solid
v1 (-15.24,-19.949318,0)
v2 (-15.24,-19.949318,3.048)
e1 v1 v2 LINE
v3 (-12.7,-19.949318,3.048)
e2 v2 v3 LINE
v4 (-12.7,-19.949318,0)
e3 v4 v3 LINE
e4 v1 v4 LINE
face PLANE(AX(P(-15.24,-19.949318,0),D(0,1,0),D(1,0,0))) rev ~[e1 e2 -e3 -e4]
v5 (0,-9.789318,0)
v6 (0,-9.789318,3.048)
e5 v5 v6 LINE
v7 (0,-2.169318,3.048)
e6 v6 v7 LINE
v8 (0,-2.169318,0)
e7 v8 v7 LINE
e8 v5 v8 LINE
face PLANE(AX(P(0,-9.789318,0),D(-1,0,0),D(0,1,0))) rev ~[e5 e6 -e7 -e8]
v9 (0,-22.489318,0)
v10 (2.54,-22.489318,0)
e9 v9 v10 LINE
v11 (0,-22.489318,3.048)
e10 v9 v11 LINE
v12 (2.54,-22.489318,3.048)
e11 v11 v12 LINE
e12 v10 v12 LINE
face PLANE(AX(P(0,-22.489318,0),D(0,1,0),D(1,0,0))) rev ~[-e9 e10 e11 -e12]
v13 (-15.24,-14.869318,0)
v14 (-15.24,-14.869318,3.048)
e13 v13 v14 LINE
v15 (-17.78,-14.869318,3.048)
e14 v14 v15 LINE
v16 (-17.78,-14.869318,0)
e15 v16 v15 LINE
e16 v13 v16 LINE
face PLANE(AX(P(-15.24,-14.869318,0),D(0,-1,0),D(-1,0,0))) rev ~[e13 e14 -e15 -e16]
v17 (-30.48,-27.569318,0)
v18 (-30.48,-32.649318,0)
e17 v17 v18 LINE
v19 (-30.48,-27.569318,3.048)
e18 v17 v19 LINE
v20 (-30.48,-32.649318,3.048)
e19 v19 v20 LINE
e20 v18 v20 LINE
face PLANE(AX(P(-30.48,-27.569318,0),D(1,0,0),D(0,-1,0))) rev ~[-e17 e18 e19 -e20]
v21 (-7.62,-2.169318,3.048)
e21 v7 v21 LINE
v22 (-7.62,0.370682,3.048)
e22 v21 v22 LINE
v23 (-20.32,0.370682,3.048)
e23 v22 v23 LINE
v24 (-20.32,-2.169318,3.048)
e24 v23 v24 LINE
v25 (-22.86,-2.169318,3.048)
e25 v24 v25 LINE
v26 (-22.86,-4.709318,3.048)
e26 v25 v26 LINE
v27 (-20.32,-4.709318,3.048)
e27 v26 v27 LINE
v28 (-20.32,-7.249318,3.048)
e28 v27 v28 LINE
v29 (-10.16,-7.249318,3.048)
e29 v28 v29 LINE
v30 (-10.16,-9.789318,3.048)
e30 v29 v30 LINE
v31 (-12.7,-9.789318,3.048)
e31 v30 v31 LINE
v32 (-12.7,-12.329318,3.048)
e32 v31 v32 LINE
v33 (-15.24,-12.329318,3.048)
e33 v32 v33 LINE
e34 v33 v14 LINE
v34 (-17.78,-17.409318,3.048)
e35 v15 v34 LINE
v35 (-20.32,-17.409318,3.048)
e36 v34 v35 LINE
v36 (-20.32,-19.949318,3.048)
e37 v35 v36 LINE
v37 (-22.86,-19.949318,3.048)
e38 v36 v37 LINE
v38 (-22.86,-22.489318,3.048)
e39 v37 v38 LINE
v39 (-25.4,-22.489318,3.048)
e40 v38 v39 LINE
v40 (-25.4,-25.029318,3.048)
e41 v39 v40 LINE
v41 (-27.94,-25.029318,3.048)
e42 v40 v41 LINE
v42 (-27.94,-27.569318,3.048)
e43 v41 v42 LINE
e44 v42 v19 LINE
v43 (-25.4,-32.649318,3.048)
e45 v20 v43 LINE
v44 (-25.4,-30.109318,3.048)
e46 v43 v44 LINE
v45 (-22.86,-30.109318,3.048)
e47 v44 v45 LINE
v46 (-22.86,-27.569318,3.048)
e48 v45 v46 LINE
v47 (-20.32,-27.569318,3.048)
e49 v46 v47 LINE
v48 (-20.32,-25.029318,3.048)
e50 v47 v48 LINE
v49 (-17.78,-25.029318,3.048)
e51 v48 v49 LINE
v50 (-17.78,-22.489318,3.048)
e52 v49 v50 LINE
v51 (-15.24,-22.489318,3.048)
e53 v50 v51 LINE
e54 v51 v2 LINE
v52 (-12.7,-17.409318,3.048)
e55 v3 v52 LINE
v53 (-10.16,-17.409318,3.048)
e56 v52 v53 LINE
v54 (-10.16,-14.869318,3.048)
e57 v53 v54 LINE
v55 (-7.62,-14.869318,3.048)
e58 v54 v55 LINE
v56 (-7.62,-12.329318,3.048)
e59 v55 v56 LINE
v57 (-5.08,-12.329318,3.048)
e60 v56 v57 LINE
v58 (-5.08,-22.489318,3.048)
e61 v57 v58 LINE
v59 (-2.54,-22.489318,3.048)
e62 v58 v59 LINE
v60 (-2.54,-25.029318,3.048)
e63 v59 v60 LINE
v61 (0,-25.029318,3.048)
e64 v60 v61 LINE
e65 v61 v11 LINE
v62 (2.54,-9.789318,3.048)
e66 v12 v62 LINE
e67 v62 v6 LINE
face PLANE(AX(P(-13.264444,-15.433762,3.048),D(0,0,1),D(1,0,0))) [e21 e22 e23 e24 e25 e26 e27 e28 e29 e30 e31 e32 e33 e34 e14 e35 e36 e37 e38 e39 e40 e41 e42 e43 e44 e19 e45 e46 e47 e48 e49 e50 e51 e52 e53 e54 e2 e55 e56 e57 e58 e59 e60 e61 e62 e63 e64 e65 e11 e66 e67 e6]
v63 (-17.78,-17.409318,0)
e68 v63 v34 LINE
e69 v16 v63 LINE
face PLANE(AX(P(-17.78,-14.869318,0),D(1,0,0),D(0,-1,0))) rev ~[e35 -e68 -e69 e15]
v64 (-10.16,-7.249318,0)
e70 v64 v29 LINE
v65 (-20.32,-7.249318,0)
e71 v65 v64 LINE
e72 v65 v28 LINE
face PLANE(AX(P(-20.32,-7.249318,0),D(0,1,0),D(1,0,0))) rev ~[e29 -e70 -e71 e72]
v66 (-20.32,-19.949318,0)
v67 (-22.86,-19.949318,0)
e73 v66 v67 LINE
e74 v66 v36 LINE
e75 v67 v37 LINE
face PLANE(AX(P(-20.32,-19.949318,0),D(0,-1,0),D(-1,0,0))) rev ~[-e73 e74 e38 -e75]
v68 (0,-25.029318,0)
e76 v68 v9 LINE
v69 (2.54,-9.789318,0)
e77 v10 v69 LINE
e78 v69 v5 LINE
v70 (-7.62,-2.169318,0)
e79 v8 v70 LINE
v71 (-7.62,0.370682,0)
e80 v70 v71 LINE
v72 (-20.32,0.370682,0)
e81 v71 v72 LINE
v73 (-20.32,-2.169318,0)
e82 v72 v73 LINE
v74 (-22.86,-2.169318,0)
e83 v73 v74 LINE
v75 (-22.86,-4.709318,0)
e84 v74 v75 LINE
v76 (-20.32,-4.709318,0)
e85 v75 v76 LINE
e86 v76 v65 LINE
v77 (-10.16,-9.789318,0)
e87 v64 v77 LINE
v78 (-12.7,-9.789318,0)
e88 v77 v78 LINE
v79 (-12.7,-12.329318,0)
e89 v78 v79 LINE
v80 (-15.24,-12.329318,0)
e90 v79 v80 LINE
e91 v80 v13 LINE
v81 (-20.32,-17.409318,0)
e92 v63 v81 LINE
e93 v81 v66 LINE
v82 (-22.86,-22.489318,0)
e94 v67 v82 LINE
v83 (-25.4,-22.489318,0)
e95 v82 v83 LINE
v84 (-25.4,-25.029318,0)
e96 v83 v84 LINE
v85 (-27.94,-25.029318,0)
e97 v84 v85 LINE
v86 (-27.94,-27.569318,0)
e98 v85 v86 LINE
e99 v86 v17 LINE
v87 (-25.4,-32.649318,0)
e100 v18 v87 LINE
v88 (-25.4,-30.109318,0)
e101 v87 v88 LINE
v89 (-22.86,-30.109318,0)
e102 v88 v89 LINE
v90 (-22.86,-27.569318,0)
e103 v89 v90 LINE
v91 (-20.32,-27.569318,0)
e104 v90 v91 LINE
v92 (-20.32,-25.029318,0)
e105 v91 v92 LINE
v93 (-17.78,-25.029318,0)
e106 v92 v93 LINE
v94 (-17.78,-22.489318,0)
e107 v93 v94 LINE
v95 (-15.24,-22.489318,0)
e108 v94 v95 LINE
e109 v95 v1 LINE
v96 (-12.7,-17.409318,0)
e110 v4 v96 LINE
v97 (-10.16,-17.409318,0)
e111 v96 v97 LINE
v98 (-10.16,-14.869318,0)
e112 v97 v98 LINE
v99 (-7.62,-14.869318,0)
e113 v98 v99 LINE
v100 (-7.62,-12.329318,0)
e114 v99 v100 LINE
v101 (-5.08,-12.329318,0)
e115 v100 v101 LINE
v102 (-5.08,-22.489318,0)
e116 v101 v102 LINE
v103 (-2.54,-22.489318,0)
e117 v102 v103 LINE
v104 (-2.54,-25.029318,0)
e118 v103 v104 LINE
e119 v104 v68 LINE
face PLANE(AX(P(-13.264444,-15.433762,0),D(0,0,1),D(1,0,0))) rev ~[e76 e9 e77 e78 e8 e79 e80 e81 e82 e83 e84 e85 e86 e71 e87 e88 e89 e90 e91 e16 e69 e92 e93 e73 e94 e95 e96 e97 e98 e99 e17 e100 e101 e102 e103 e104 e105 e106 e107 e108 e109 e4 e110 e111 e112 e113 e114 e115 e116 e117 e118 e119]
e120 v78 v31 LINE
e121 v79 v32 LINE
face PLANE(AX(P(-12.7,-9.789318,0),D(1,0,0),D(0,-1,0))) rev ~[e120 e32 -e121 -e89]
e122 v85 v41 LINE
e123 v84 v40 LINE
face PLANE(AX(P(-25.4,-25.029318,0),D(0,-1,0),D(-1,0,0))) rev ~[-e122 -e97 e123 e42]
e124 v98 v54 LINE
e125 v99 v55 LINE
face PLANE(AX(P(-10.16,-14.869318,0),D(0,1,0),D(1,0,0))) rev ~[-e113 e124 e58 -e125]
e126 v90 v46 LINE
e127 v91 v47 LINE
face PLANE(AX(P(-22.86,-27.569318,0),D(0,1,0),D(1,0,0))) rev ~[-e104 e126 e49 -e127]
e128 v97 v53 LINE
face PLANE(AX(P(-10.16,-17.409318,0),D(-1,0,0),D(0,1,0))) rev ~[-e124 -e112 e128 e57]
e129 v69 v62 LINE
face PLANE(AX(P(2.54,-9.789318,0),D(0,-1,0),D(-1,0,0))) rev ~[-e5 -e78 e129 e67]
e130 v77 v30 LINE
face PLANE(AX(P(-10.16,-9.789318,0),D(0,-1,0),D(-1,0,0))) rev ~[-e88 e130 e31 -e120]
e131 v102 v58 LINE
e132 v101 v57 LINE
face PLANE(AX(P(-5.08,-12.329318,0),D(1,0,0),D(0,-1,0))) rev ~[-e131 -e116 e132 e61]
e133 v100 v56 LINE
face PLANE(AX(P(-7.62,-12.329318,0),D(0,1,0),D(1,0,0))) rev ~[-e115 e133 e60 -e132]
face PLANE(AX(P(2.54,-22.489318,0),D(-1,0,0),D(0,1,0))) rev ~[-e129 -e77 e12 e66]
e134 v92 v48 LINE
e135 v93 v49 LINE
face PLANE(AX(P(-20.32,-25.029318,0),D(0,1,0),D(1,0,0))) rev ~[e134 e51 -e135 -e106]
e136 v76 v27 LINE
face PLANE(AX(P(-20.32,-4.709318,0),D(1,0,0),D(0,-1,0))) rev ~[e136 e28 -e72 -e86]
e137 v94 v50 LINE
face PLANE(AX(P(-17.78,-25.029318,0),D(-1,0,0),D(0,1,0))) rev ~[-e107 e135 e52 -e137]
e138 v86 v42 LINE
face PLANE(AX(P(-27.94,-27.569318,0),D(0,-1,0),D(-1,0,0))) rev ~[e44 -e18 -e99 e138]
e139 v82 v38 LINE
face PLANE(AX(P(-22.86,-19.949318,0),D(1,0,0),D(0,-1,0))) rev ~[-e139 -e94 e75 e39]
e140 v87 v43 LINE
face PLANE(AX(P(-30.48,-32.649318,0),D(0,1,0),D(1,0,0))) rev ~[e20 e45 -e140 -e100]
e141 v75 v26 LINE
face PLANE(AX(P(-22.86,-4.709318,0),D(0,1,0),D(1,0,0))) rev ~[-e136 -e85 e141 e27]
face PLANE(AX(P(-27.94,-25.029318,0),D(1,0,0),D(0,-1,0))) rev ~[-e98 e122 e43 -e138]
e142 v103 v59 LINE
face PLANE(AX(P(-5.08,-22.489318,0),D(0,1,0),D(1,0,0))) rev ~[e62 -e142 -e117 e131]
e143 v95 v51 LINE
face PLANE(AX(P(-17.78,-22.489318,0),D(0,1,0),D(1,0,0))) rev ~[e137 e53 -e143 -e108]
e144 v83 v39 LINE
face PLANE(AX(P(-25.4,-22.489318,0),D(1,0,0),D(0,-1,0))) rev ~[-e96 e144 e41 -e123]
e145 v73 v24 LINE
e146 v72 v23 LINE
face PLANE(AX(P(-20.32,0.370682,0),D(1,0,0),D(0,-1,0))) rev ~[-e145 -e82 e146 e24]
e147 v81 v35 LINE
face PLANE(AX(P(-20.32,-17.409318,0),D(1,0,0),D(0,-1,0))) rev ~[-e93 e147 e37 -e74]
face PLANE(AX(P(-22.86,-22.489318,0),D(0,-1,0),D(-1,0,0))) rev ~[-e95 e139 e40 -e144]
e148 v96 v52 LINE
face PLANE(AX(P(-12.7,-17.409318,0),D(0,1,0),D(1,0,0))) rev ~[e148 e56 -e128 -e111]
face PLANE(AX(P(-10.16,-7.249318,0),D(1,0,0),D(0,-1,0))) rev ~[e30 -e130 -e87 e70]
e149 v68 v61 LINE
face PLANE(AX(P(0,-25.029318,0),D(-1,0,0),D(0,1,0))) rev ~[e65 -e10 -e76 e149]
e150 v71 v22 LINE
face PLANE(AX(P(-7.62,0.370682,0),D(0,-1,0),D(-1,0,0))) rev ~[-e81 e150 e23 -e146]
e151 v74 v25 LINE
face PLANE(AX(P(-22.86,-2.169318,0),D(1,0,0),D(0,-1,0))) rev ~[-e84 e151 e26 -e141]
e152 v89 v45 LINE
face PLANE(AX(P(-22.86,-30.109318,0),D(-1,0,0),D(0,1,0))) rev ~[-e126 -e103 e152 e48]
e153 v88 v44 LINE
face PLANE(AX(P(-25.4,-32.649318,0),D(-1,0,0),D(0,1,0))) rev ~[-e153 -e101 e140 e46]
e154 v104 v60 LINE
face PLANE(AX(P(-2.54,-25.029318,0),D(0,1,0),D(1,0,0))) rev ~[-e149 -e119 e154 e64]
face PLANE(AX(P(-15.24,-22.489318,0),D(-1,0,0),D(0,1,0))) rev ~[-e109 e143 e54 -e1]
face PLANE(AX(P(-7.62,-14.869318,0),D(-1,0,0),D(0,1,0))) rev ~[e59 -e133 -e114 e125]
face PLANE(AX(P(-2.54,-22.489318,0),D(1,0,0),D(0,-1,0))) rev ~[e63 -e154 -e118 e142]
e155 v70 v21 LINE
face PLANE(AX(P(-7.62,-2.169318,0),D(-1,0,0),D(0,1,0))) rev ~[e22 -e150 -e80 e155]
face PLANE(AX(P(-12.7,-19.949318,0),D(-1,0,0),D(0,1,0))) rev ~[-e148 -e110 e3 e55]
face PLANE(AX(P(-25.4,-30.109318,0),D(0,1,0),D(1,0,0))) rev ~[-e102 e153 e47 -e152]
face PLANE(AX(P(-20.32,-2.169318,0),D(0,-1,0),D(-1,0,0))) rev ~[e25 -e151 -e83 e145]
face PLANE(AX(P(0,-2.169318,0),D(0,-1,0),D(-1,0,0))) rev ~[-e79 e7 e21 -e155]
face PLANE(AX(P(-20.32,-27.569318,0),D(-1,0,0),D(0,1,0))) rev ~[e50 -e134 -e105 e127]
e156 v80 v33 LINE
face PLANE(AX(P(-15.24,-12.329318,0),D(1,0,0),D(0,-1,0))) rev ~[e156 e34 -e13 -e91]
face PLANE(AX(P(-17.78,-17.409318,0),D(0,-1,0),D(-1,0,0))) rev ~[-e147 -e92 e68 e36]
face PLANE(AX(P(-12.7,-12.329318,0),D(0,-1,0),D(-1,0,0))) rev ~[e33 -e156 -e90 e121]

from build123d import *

# Parameters (mm, degrees)
F1_DEPTH = 3.048


with BuildPart() as f1:
    # F0 (on Top) → F1 (new body)
    with BuildSketch(Plane.XY):
        Polygon((-30.48, -27.569318), (-30.48, -32.649318), (-25.4, -32.649318), (-25.4, -30.109318), (-22.86, -30.109318), (-22.86, -27.569318), (-20.32, -27.569318), (-20.32, -25.029318), (-17.78, -25.029318), (-17.78, -22.489318), (-15.24, -22.489318), (-15.24, -19.949318), (-12.7, -19.949318), (-12.7, -17.409318), (-10.16, -17.409318), (-10.16, -14.869318), (-7.62, -14.869318), (-7.62, -12.329318), (-5.08, -12.329318), (-5.08, -22.489318), (-2.54, -22.489318), (-2.54, -25.029318), (0, -25.029318), (0, -22.489318), (2.54, -22.489318), (2.54, -9.789318), (0, -9.789318), (0, -2.169318), (-7.62, -2.169318), (-7.62, 0.370682), (-20.32, 0.370682), (-20.32, -2.169318), (-22.86, -2.169318), (-22.86, -4.709318), (-20.32, -4.709318), (-20.32, -7.249318), (-10.16, -7.249318), (-10.16, -9.789318), (-12.7, -9.789318), (-12.7, -12.329318), (-15.24, -12.329318), (-15.24, -14.869318), (-17.78, -14.869318), (-17.78, -17.409318), (-20.32, -17.409318), (-20.32, -19.949318), (-22.86, -19.949318), (-22.86, -22.489318), (-25.4, -22.489318), (-25.4, -25.029318), (-27.94, -25.029318), (-27.94, -27.569318), align=None)
    extrude(amount=F1_DEPTH)


solid = f1.part
